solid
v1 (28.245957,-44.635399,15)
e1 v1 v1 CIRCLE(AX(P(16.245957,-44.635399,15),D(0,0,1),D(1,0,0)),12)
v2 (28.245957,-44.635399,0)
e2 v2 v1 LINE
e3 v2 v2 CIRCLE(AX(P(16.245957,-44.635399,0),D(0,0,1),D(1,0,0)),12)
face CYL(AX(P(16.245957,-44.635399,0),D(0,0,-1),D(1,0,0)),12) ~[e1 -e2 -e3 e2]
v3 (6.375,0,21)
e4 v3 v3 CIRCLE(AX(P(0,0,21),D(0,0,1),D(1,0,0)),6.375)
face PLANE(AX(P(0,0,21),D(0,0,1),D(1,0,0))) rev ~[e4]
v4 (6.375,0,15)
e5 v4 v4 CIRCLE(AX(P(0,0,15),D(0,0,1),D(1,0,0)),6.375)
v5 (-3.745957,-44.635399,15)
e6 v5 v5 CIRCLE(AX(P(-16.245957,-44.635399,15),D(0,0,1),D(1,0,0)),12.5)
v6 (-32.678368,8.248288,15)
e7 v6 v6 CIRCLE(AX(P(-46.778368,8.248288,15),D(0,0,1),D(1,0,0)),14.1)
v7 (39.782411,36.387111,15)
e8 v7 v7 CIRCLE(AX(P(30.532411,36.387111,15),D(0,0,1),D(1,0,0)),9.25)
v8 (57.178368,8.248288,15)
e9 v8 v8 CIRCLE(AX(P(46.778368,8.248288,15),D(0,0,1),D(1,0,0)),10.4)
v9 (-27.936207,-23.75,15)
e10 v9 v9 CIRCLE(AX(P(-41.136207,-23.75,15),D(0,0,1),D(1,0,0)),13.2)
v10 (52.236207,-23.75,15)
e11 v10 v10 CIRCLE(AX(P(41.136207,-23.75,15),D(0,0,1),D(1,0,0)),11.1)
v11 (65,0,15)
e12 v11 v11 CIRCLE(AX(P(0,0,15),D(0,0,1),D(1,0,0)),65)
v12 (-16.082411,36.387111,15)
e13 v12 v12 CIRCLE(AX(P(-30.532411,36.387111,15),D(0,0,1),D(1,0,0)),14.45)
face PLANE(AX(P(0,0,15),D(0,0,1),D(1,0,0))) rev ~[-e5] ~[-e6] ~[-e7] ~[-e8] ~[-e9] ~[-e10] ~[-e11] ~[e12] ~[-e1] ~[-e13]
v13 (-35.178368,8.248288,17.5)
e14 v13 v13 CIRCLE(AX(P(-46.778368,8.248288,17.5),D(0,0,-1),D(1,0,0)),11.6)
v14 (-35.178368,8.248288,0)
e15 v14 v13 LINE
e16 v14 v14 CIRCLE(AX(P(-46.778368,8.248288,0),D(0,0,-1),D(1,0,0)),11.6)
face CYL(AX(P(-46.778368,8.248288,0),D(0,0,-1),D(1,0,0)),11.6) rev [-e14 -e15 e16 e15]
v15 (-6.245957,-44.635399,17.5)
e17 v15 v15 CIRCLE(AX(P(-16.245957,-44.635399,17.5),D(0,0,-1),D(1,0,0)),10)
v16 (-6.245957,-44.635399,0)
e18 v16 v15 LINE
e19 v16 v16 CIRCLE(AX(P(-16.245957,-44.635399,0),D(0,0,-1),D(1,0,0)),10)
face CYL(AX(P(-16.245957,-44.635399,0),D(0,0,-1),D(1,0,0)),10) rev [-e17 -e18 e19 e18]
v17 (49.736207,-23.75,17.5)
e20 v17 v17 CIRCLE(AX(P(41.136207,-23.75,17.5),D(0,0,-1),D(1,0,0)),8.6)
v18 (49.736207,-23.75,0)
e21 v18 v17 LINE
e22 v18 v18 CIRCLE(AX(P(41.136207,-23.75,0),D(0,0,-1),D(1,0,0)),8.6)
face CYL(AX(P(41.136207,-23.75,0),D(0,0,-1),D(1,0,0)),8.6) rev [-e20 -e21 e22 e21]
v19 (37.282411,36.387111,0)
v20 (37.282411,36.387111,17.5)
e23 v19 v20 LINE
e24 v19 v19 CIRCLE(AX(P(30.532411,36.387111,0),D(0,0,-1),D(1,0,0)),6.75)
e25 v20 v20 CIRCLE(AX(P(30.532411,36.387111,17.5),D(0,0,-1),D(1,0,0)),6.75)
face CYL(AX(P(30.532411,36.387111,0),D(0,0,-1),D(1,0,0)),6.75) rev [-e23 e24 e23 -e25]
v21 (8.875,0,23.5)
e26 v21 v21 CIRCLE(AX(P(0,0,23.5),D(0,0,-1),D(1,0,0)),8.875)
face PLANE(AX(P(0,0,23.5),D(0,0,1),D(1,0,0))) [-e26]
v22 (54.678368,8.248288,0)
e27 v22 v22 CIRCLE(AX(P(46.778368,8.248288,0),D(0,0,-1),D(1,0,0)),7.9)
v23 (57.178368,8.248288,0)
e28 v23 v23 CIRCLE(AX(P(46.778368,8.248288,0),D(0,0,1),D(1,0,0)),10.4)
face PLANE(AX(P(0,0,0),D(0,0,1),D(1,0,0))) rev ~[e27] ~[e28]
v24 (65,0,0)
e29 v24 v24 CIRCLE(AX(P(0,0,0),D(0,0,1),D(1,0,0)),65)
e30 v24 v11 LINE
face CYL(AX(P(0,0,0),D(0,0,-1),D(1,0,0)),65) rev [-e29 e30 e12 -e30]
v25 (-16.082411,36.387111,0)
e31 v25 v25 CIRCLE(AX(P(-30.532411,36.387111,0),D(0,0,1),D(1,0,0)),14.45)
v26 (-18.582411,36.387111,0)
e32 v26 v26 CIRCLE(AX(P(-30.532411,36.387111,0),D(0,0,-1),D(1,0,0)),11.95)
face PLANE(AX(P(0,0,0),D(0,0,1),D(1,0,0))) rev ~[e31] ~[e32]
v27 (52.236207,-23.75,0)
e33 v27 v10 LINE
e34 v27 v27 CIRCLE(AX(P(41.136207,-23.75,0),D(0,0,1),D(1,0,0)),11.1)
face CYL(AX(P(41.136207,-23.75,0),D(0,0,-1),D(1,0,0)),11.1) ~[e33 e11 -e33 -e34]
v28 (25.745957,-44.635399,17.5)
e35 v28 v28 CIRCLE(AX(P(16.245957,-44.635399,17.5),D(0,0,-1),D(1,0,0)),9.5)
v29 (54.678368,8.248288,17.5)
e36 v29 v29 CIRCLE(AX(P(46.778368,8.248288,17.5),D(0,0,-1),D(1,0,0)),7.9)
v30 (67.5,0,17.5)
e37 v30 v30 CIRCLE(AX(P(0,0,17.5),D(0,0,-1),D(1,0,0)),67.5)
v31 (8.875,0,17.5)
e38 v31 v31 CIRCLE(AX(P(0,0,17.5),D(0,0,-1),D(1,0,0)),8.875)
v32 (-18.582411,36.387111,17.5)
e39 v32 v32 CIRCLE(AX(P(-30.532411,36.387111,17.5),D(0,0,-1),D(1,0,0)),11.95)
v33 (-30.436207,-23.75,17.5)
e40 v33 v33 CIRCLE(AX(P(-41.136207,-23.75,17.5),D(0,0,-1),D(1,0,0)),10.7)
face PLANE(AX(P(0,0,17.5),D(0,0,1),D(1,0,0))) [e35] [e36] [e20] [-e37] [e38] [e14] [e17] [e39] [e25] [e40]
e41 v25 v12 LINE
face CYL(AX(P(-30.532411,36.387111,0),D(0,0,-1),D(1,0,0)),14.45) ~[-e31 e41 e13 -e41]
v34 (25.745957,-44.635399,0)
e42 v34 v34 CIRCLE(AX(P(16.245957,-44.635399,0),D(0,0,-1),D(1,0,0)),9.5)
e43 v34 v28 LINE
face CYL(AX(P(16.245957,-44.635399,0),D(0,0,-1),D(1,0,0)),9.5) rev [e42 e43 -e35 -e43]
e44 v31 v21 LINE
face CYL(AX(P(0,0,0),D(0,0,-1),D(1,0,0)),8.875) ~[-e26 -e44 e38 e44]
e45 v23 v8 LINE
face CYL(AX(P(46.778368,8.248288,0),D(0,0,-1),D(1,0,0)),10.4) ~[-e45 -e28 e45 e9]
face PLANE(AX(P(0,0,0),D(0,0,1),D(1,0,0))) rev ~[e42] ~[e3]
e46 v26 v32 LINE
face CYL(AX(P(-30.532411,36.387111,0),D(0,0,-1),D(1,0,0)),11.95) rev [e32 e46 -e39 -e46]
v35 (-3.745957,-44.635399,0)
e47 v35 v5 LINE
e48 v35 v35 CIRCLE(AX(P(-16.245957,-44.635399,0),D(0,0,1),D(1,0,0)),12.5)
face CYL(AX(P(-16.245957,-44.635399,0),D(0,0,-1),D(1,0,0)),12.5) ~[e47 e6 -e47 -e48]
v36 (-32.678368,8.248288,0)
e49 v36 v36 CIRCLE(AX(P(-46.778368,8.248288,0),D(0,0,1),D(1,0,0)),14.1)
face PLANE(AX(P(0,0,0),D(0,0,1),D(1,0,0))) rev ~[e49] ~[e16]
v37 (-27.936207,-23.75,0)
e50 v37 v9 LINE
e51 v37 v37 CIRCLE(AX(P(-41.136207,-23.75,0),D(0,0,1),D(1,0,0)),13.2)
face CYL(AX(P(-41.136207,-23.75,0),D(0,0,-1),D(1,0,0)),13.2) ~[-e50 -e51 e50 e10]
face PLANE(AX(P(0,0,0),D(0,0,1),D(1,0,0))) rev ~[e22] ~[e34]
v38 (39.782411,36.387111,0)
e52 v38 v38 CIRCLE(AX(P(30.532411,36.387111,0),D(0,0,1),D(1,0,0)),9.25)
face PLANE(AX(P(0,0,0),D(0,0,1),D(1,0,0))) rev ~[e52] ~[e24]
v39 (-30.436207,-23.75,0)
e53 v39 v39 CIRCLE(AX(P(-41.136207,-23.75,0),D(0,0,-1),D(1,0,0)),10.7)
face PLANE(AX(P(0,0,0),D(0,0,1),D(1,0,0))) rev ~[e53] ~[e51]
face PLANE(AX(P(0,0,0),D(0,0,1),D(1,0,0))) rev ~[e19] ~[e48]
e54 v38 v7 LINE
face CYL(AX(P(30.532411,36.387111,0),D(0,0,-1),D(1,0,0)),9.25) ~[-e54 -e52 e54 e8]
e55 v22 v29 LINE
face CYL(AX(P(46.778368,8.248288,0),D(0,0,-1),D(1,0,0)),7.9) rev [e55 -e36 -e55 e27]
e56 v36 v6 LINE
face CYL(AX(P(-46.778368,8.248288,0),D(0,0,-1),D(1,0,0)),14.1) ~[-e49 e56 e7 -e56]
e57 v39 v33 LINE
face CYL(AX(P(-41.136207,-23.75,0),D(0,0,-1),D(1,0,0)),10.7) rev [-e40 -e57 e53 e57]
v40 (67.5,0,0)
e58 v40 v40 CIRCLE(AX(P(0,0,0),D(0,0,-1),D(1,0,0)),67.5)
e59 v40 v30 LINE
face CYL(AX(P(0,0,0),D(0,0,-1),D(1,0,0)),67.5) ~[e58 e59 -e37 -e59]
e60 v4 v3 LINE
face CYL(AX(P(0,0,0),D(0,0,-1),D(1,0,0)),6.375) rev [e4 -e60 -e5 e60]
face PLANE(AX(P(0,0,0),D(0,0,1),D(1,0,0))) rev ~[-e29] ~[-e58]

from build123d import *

# Parameters (mm, degrees)
F0_R     = 6.375
F1_DEPTH = 21
F0_R_2   = 65
F0_R_3   = 12.5
F0_R_4   = 13.2
F0_R_5   = 12
F0_R_6   = 11.1
F0_R_7   = 14.1
F0_R_8   = 14.45
F0_R_9   = 10.4
F0_R_10  = 9.25
F2_DEPTH = 15
F3_T     = 2.5


with BuildPart() as f1:
    # F0 (on Top) → F1 (new body)
    with BuildSketch(Plane.XY):
        Circle(F0_R)
    extrude(amount=F1_DEPTH)

    # F0 (on Top) → F2 (join)
    with BuildSketch(Plane.XY):
        Circle(F0_R_2)
        with Locations((-16.245956808, -44.6353994873)):
            Circle(F0_R_3, mode=Mode.SUBTRACT)
        with Locations((-41.1362066798, -23.75)):
            Circle(F0_R_4, mode=Mode.SUBTRACT)
        with Locations((16.245956808, -44.6353994873)):
            Circle(F0_R_5, mode=Mode.SUBTRACT)
        with Locations((41.1362066798, -23.75)):
            Circle(F0_R_6, mode=Mode.SUBTRACT)
        with Locations((-46.7783682681, 8.2482884392)):
            Circle(F0_R_7, mode=Mode.SUBTRACT)
        with Locations((-30.5324114601, 36.3871110482)):
            Circle(F0_R_8, mode=Mode.SUBTRACT)
        Circle(F0_R, mode=Mode.SUBTRACT)
        with Locations((46.7783682681, 8.2482884392)):
            Circle(F0_R_9, mode=Mode.SUBTRACT)
        with Locations((30.5324114601, 36.3871110482)):
            Circle(F0_R_10, mode=Mode.SUBTRACT)
    extrude(amount=F2_DEPTH)

    # F3
    f3_openings = [f1.faces().sort_by_distance(p)[0] for p in [
        (3.404358, 2.387056, 0),
    ]]
    offset(amount=F3_T, openings=f3_openings, kind=Kind.INTERSECTION)


solid = f1.part
